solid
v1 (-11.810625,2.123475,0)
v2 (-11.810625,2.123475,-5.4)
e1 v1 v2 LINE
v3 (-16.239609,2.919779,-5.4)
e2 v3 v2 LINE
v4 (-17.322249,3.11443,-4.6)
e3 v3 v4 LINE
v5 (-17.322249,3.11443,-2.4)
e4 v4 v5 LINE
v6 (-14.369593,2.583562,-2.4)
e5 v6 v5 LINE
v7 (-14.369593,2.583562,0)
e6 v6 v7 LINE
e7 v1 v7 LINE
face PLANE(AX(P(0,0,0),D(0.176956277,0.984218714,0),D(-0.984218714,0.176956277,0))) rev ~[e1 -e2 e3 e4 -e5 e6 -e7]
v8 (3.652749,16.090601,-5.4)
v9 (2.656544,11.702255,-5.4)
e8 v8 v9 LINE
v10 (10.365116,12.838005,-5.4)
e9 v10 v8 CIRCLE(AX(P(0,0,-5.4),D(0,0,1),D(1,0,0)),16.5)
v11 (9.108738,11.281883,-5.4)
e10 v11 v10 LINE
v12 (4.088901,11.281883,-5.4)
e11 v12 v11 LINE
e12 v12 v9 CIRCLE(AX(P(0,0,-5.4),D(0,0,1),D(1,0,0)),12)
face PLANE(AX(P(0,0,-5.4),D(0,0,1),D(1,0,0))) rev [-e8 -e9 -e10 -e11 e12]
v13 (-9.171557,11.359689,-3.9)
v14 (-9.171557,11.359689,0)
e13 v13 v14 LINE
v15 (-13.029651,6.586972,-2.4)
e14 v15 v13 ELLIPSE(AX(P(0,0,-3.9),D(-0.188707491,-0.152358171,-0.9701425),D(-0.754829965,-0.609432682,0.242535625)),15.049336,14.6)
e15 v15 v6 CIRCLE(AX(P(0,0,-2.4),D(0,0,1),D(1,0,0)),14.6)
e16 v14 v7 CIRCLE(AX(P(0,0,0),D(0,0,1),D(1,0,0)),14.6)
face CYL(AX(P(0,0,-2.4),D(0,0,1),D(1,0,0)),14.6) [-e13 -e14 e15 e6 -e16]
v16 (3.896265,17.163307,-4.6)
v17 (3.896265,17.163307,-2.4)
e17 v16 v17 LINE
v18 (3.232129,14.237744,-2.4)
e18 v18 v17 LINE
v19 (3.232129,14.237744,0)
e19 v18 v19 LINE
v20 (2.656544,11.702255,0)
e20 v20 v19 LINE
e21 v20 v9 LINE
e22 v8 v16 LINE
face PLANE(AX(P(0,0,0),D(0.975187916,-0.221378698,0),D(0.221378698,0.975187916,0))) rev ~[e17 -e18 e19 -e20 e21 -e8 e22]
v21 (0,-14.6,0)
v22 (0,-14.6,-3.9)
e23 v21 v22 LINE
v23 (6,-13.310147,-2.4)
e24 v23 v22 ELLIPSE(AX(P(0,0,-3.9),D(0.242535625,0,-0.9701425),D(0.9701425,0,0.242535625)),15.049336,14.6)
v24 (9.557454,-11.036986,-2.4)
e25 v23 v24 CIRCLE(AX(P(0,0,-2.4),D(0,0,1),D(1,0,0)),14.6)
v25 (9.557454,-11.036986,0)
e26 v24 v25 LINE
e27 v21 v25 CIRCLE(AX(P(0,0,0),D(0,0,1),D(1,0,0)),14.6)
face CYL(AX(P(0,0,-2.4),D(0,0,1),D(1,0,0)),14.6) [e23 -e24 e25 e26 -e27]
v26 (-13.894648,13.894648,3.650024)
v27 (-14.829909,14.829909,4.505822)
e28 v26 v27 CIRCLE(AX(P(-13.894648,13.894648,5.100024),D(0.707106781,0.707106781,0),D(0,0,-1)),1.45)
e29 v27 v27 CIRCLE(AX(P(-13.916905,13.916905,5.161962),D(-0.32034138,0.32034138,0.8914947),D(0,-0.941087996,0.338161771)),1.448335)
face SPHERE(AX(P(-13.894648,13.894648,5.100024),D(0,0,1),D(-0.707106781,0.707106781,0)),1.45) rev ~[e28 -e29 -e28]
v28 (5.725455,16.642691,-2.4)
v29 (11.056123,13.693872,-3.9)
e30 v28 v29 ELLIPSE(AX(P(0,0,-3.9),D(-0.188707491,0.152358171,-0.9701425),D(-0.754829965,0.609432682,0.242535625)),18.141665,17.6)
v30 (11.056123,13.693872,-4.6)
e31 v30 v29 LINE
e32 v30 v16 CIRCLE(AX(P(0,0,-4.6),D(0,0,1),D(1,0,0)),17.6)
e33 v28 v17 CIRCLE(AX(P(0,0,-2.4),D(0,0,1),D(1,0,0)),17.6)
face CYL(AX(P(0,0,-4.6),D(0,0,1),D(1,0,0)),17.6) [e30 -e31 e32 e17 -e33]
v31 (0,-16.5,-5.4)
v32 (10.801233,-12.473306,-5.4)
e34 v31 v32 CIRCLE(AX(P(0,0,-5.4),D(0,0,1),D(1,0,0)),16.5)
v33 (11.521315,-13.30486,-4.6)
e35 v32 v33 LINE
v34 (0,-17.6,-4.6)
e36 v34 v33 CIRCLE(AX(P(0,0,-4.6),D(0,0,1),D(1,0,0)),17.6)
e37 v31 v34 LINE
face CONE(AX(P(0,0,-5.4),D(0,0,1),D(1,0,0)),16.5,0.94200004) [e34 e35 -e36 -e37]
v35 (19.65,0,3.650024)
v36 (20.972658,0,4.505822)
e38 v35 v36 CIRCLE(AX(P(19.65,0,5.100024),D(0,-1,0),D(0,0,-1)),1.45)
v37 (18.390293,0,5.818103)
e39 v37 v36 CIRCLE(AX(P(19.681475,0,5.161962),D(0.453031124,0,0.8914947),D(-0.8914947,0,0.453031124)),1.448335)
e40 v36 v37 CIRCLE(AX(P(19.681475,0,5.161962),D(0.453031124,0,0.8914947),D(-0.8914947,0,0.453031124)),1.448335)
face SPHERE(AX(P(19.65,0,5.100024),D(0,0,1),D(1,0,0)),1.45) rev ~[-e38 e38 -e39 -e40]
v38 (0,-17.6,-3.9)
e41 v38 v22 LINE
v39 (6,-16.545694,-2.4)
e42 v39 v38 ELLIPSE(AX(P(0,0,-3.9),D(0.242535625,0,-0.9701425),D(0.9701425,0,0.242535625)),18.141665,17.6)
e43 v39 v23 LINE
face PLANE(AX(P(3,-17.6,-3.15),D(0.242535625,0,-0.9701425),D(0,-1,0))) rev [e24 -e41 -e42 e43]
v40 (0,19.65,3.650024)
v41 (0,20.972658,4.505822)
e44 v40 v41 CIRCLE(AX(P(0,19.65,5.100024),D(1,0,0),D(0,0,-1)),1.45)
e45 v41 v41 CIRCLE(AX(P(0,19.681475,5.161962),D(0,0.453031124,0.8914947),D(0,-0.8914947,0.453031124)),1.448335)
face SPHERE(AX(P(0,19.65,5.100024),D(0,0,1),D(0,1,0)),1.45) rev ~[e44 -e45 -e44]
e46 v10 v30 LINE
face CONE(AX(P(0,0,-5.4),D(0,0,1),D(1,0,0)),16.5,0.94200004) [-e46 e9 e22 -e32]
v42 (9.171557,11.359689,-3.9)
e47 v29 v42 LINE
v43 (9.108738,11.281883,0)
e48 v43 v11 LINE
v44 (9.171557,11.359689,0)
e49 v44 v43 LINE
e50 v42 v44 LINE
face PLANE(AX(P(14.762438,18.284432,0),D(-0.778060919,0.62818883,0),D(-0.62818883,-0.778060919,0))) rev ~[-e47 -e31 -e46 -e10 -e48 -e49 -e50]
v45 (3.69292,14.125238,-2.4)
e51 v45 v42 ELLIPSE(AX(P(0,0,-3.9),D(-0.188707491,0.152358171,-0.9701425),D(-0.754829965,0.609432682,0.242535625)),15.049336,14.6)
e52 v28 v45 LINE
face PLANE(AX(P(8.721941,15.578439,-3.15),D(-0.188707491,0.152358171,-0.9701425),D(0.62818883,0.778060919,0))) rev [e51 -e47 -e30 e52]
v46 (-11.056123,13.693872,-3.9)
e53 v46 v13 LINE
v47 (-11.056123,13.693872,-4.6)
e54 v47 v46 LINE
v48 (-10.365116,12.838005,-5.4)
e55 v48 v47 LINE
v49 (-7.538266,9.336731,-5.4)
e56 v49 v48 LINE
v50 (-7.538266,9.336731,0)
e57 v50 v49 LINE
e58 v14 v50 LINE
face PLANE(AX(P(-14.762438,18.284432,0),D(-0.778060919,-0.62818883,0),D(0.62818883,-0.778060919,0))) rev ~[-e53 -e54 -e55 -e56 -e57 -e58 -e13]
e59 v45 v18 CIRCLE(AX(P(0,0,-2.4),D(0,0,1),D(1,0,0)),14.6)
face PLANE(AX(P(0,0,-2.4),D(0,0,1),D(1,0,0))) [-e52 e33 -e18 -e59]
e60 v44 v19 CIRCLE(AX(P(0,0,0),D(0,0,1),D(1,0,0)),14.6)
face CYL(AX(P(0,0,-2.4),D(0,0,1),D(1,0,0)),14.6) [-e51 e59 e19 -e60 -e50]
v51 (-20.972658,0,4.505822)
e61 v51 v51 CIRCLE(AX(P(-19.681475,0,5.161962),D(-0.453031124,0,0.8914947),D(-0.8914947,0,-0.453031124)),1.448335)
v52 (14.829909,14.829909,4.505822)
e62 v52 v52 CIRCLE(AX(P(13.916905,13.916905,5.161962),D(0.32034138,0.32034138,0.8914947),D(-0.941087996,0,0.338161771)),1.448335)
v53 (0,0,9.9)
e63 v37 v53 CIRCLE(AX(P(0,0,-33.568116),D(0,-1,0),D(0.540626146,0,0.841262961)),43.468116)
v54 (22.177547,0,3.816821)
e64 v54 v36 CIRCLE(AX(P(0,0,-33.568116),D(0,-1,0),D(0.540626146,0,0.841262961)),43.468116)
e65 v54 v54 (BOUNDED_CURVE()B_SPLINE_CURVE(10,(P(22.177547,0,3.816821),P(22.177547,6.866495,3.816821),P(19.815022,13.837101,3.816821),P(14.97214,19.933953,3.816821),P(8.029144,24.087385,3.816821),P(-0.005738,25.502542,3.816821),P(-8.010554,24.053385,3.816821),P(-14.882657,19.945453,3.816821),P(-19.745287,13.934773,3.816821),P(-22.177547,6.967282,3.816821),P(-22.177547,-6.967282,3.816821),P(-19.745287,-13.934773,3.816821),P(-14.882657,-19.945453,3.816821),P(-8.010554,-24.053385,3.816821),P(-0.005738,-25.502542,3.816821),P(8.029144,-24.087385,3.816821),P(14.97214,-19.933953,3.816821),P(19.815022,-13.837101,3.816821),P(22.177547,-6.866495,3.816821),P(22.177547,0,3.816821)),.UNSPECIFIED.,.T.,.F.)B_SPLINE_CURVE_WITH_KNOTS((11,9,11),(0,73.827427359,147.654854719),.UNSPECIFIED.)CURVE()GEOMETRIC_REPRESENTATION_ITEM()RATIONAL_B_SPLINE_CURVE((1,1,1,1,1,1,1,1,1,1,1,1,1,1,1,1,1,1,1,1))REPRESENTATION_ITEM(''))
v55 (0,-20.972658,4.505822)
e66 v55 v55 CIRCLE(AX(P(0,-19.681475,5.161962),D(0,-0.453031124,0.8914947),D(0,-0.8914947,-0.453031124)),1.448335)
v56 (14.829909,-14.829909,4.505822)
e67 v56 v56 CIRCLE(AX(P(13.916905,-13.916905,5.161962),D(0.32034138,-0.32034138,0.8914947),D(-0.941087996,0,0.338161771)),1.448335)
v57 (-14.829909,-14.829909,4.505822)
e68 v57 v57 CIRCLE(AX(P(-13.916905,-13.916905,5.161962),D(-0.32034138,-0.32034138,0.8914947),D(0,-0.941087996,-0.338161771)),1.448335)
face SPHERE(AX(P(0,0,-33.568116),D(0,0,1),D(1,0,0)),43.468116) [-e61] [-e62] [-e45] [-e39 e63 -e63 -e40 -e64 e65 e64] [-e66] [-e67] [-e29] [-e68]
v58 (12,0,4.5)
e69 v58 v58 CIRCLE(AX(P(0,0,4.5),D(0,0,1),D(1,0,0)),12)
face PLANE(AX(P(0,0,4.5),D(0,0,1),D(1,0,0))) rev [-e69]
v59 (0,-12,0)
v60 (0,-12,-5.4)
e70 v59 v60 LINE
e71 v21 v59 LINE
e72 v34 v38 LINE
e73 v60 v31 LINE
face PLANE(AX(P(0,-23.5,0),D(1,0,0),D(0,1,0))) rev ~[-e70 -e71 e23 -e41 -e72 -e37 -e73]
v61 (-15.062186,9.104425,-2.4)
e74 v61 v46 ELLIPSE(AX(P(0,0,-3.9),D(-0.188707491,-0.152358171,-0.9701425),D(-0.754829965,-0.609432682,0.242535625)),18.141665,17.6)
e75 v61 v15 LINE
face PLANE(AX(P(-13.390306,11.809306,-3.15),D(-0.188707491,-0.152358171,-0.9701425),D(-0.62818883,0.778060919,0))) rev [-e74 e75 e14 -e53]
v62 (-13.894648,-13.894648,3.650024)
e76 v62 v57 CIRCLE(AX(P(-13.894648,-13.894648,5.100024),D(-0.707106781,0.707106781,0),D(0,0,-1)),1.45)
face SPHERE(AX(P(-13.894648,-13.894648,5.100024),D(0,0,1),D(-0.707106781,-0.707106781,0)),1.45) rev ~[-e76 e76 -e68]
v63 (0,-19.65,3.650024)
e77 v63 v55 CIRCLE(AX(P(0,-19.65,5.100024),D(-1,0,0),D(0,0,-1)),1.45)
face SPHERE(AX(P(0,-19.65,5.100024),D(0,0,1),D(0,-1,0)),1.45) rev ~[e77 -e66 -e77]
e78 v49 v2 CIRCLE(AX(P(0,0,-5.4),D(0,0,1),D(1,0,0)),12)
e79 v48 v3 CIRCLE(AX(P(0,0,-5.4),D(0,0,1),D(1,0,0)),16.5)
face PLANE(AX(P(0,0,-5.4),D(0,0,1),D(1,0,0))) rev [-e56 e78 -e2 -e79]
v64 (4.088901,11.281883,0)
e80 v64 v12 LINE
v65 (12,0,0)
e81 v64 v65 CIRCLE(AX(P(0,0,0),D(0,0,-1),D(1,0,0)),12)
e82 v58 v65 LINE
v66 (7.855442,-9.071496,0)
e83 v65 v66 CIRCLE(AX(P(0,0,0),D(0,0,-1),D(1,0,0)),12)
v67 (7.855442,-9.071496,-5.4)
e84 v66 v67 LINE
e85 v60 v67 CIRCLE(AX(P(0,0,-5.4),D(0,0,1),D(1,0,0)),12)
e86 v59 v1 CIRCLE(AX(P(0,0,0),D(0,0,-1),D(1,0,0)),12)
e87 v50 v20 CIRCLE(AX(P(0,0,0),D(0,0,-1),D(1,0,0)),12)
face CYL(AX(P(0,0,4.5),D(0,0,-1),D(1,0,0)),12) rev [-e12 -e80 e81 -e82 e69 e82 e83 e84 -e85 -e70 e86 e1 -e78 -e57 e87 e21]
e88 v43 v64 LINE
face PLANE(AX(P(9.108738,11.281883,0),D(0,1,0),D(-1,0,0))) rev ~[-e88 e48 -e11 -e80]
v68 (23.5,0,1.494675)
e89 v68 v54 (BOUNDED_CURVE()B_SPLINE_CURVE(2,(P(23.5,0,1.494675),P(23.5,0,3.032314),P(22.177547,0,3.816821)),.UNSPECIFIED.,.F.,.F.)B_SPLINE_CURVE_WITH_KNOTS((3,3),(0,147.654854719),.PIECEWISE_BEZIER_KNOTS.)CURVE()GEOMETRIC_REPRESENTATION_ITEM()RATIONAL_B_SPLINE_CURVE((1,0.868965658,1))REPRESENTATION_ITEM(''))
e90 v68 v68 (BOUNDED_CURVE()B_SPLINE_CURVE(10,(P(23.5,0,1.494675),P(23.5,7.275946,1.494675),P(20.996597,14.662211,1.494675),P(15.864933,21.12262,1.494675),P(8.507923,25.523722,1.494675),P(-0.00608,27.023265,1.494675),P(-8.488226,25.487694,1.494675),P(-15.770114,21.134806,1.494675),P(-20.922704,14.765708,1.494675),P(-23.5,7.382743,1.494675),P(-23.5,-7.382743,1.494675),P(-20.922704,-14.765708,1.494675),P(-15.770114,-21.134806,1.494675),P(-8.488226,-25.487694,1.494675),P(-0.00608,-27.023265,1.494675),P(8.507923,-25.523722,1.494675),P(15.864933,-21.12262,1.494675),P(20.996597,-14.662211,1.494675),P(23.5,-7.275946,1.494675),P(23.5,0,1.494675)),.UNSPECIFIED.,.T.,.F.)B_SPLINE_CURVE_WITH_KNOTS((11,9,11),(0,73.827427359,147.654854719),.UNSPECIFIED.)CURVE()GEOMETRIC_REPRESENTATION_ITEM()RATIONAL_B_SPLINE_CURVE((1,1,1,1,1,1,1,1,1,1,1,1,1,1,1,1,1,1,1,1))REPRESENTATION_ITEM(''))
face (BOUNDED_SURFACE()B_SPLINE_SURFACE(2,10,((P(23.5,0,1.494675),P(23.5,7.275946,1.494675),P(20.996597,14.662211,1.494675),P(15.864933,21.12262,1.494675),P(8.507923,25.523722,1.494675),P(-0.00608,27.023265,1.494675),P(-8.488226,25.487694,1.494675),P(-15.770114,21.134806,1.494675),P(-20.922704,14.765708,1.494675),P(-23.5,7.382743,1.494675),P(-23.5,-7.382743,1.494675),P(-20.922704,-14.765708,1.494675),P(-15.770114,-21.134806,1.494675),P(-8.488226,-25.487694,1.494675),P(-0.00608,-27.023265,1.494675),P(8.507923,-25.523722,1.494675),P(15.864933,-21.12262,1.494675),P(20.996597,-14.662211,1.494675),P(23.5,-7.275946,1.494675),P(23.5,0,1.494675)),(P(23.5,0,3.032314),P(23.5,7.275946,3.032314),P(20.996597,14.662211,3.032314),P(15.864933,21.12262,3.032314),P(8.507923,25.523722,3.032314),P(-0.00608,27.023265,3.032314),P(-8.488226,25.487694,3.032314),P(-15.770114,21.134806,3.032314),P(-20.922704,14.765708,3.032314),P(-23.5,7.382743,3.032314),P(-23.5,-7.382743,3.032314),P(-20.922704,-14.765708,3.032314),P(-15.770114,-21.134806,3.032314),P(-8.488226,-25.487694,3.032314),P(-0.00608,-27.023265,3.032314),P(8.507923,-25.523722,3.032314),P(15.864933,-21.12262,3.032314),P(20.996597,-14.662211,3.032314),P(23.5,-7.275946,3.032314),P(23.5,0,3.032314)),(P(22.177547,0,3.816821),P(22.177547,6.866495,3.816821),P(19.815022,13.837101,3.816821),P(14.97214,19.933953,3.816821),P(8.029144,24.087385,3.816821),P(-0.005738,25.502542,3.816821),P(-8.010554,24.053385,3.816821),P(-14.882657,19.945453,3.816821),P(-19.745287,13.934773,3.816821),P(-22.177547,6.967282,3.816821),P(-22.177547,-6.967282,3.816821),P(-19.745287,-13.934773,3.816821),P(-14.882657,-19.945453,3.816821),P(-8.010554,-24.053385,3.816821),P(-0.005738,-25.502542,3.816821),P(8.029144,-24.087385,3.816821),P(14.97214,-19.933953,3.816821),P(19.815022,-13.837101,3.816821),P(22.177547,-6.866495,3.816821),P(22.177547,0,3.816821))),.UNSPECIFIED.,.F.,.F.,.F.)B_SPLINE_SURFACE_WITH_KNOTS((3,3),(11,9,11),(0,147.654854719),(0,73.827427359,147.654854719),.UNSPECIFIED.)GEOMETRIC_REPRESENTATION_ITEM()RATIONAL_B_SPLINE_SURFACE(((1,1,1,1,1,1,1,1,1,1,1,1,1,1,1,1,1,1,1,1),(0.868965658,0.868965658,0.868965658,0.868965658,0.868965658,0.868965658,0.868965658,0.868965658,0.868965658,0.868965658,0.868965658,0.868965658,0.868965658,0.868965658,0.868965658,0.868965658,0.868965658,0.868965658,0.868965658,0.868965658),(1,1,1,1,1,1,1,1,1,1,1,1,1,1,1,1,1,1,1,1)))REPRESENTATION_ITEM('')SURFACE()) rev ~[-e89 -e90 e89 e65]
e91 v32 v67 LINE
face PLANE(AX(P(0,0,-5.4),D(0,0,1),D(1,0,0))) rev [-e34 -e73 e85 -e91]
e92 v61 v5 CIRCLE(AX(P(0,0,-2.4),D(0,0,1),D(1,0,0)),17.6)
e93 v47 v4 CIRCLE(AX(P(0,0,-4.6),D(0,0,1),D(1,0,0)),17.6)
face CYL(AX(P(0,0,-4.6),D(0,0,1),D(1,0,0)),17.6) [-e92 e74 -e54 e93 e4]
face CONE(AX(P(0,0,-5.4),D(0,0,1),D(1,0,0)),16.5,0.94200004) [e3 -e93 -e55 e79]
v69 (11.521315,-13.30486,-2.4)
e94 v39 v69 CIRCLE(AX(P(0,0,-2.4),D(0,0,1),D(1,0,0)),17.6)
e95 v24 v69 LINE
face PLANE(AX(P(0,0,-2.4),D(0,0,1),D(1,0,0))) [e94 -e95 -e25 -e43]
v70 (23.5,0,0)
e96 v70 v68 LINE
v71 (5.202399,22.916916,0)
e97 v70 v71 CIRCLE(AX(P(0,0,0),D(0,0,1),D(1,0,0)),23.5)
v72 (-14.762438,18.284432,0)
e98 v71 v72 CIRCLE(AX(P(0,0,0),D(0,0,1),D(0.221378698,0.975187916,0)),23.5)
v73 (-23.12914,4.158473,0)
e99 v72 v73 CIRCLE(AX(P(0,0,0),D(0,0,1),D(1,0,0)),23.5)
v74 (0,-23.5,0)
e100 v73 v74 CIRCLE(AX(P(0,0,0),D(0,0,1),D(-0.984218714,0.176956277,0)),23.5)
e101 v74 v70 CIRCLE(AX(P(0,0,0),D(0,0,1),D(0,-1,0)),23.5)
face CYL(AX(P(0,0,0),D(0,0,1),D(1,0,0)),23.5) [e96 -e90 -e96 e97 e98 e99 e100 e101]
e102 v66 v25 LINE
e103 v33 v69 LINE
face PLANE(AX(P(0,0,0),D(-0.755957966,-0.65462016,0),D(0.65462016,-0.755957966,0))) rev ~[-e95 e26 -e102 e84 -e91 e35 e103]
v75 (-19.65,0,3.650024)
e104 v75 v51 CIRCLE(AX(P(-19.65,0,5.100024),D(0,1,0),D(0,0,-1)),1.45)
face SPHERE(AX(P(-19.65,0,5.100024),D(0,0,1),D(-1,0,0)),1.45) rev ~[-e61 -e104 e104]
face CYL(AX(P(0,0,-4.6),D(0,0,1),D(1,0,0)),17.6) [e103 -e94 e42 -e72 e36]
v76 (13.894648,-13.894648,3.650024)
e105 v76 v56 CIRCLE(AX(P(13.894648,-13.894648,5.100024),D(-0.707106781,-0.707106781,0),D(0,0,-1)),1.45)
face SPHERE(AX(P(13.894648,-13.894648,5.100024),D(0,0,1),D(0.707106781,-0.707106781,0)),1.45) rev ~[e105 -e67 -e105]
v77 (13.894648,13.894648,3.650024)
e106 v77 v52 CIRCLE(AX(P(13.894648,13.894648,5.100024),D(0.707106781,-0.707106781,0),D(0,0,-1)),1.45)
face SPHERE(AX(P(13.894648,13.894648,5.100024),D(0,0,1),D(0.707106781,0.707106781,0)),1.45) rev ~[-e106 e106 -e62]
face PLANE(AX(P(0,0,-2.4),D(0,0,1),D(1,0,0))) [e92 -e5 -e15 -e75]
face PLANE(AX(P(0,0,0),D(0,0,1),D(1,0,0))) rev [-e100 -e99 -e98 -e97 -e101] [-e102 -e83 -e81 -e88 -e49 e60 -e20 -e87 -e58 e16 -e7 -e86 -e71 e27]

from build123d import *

# Parameters (mm, degrees)
F2_R       = 2.7
F4_DEPTH   = 5.401
F7_COUNT   = 8
F8_SIZE2   = 1.5
F8_SIZE    = 6
F8_2_SIZE2 = 1.5
F8_2_SIZE  = 6
F8_3_SIZE2 = 1.5
F8_3_SIZE  = 6


with BuildPart() as f1:
    # F0 (on Front) → F1 (revolve)
    with BuildSketch(Plane.XZ):
        with BuildLine():
            Line((14.6, -2.4), (14.6, 0))
            Line((14.6, 0), (23.5, 0))
            Line((23.5, 0), (23.5, 3))
            ThreePointArc((23.5, 3), (12.2460197615, 8.1393426661), (0, 9.9))
            Line((0, 9.9), (0, 4.5))
            Line((0, 4.5), (12, 4.5))
            Line((12, 4.5), (12, 0))
            Line((12, 0), (12, -5.4))
            Line((12, -5.4), (16.5, -5.4))
            Line((16.5, -5.4), (17.6, -4.6))
            Line((17.6, -4.6), (17.6, -2.4))
            Line((17.6, -2.4), (14.6, -2.4))
        make_face()
    revolve(axis=Axis((0, 0, 7.2), (0, 0, 1)))

    # F2
    f2_edges = [f1.edges().sort_by_distance(p)[0] for p in [
        (-23.5, 0, 3),
    ]]
    fillet(f2_edges, radius=F2_R)

    # F3 (on Top) → F4 (cut, through all)
    with BuildSketch(Plane.XY):
        with BuildLine():
            Line((0, 0), (15.3835737599, -17.7650121974))
            ThreePointArc((15.3835737599, -17.7650121974), (23.4965124713, 0.4048477334), (14.7624375114, 18.2844315941))
            Line((14.7624375114, 18.2844315941), (9.108738039, 11.281883324))
            Line((9.108738039, 11.281883324), (4.0889006668, 11.281883324))
            Line((4.0889006668, 11.281883324), (0, 0))
        make_face()
        with BuildLine():
            Line((0, -23.5), (0, 0))
            Line((0, 0), (-23.1291397677, 4.1584725089))
            ThreePointArc((-23.1291397677, 4.1584725089), (-18.0273972603, -15.0752428843), (0, -23.5))
        make_face()
        with BuildLine():
            Line((-14.7624375114, 18.2844315941), (0, 0))
            Line((0, 0), (5.2023993918, 22.9169160353))
            ThreePointArc((5.2023993918, 22.9169160353), (-5.3116438356, 22.8918422099), (-14.7624375114, 18.2844315941))
        make_face()
    extrude(amount=-F4_DEPTH, mode=Mode.SUBTRACT)

    # F7: F6 ×8 about axis
    f7_axis = Axis((0, 0, 7.2), (0, 0, 1))


with BuildPart() as f6:
    # F5 (on Front) → F6 (revolve)
    with BuildSketch(Plane.XZ):
        with BuildLine():
            Line((19.65, 6.5500239328), (19.65, 3.6500239328))
            ThreePointArc((19.65, 3.6500239328), (21.1, 5.1000239328), (19.65, 6.5500239328))
        make_face()
    revolve(axis=Axis((19.65, 0, 5.1000239328), (0, 0, 1)))


with BuildPart() as f1_1:
    add(f1.part)
    for i in range(1, F7_COUNT):
        add(f6.part.rotate(f7_axis, i * 360 / F7_COUNT), mode=Mode.SUBTRACT)

    # F7#seed: cut F6
    add(f6.part, mode=Mode.SUBTRACT)

    # F8
    f8_edges = [f1_1.edges().sort_by_distance(p)[0] for p in [
        (-10.11384, 12.526781, -2.4),
    ]]
    f8_side = f1_1.faces().sort_by_distance((-13.599633, 8.054963, -2.4))[0]
    chamfer(f8_edges, length=F8_SIZE, length2=F8_SIZE2, reference=f8_side)

    # F8#2
    f8_2_edges = [f1_1.edges().sort_by_distance(p)[0] for p in [
        (0, -16.1, -2.4),
    ]]
    f8_2_side = f1_1.faces().sort_by_distance((5.521305, -14.810389, -2.4))[0]
    chamfer(f8_2_edges, length=F8_2_SIZE, length2=F8_2_SIZE2, reference=f8_2_side)

    # F8#3
    f8_3_edges = [f1_1.edges().sort_by_distance(p)[0] for p in [
        (10.11384, 12.526781, -2.4),
    ]]
    f8_3_side = f1_1.faces().sort_by_distance((6.980178, 14.404963, -2.4))[0]
    chamfer(f8_3_edges, length=F8_3_SIZE, length2=F8_3_SIZE2, reference=f8_3_side)


solid = f1_1.part
